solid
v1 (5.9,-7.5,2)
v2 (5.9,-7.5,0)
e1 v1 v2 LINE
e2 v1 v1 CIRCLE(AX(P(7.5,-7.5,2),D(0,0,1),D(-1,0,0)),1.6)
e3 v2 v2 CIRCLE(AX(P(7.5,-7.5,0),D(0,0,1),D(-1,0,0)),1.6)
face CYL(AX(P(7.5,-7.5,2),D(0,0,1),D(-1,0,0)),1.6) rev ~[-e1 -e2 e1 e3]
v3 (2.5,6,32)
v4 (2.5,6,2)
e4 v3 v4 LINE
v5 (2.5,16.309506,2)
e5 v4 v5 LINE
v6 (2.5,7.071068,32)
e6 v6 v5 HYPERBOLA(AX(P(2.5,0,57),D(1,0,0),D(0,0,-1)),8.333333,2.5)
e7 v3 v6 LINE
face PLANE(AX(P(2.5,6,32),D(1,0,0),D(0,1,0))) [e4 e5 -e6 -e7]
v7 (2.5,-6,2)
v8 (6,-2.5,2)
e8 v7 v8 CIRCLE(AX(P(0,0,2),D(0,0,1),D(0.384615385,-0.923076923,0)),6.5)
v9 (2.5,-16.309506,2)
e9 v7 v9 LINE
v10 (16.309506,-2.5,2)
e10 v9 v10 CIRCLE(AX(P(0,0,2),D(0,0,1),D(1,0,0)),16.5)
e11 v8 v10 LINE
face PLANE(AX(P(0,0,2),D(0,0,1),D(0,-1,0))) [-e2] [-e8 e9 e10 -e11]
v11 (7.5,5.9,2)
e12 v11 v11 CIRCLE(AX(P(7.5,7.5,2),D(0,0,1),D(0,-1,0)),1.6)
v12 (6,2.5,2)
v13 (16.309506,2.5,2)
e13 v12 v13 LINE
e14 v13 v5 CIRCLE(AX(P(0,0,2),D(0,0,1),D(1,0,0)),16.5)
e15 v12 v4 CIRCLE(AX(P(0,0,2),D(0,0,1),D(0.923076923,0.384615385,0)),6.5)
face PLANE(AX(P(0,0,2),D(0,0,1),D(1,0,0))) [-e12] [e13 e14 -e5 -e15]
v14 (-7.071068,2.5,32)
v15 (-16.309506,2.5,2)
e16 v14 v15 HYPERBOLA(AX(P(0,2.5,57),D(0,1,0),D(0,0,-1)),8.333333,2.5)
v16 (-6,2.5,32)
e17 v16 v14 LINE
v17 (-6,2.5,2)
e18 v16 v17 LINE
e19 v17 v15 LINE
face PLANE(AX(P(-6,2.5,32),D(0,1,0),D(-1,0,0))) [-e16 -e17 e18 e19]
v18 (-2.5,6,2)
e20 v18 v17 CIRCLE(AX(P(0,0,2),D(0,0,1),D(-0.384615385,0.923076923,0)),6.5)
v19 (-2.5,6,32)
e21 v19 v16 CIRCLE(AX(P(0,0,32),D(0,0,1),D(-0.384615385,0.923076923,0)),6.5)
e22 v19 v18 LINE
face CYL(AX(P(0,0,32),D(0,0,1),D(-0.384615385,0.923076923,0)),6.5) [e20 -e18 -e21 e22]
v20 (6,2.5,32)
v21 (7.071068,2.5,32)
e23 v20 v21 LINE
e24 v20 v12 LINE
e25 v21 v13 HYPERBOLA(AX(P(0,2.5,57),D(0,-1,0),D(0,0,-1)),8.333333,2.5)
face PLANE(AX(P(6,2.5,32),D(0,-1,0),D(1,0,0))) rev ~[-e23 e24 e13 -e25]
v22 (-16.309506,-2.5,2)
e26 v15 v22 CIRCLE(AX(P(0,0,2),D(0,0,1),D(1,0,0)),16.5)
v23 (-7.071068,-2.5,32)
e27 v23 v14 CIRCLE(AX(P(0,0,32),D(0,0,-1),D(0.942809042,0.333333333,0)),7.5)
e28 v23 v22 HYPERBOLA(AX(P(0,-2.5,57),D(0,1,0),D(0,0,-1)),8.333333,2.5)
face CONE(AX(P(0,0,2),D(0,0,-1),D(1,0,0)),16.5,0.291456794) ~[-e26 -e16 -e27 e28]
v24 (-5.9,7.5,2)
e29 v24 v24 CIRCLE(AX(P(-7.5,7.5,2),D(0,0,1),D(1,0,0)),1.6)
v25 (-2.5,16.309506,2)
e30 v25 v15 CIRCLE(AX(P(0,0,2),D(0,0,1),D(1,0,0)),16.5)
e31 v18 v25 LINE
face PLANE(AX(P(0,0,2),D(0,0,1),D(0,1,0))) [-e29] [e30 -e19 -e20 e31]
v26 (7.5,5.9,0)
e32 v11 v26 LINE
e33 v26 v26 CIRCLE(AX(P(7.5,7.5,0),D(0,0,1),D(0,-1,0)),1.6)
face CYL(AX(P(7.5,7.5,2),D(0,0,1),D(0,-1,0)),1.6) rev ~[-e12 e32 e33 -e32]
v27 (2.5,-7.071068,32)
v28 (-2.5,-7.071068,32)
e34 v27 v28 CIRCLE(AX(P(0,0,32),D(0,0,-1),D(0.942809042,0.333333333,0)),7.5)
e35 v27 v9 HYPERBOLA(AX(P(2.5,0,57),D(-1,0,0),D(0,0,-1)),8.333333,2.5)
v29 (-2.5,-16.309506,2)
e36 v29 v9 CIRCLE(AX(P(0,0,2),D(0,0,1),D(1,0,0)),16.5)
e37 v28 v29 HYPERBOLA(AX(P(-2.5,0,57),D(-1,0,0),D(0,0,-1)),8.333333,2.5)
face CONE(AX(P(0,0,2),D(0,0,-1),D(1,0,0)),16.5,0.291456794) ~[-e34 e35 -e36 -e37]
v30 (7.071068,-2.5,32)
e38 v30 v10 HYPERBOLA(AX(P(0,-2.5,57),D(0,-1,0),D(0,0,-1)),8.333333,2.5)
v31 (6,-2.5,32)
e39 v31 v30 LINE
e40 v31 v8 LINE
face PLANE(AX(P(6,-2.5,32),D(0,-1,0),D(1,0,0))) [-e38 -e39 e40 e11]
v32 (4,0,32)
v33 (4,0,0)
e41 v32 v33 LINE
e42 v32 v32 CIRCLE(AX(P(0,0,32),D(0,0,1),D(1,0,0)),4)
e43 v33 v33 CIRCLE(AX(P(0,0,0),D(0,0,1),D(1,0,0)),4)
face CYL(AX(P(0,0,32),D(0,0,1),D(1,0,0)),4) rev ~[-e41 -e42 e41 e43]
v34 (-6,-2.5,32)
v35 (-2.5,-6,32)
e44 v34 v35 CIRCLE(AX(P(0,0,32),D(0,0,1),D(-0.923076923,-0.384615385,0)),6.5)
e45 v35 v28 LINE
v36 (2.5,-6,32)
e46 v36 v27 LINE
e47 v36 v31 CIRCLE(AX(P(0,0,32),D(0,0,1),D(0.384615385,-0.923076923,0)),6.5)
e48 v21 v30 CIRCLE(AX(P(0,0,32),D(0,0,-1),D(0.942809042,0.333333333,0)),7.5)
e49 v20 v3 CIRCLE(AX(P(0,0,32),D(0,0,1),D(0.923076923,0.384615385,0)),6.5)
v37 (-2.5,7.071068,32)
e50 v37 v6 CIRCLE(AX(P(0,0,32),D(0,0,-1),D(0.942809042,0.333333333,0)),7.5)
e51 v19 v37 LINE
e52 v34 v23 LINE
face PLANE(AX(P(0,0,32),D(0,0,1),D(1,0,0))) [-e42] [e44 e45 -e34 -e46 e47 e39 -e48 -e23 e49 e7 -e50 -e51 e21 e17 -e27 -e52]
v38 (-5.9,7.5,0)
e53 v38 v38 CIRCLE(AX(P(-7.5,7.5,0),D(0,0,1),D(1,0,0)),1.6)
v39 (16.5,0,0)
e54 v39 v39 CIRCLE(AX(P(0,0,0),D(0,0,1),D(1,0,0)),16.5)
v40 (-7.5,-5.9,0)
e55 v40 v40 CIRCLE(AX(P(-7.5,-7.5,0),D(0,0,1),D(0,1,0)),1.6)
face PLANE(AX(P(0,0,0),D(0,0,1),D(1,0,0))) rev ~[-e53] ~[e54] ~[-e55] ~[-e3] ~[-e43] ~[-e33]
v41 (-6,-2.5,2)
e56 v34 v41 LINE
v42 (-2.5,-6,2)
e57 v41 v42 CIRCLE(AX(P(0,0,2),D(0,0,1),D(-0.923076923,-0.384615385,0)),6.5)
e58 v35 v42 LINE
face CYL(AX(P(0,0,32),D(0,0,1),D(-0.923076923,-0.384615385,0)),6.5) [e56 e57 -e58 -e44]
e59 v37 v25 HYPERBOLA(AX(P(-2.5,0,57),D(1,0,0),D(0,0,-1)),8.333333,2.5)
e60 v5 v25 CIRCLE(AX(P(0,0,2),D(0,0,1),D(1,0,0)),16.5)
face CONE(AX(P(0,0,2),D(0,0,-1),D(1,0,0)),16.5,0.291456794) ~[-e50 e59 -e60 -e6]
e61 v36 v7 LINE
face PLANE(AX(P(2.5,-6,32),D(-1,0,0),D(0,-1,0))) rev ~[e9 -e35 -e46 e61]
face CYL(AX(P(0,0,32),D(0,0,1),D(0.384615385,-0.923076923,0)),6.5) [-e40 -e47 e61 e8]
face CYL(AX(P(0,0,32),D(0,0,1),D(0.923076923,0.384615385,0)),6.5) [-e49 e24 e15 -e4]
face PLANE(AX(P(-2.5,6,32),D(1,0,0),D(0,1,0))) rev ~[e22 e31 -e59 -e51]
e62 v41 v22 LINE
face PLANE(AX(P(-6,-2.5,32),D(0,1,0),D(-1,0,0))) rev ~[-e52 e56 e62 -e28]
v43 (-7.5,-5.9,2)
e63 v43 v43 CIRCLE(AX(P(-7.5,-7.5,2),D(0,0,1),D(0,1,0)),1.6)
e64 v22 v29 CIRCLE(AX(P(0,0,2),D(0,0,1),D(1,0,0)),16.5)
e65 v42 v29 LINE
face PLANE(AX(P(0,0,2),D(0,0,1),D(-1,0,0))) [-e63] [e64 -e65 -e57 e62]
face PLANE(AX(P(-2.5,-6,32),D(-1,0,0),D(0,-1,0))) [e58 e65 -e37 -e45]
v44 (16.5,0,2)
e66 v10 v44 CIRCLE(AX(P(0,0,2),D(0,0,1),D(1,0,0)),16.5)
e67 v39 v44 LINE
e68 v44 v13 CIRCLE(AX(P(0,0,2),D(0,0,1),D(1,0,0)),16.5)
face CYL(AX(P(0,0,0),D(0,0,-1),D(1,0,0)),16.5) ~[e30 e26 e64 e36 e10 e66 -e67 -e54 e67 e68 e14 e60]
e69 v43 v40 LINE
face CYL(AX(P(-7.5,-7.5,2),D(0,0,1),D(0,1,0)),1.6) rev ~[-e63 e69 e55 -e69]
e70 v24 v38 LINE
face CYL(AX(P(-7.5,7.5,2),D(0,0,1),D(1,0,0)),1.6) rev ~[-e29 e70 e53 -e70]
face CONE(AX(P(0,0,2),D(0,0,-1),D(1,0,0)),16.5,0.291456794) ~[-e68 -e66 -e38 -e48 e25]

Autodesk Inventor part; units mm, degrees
ref_plane "YZ Plane" through (0, 0, 0) normal (1, 0, 0) x (0, 1, 0)
ref_plane "XZ Plane" through (0, 0, 0) normal (0, 1, 0) x (-1, 0, 0)
ref_plane "XY Plane" through (0, 0, 0) normal (0, 0, 1) x (1, 0, 0)
sketch "Esquisse1" plane through (0, 0, 0) normal (0, 0, 1) x (1, 0, 0)
  circle A0 centre (0, 0) radius 16.5
  dimension "d0" = 33
extrude "Extrusion1" add sketch "Esquisse1" along normal blind 32
sketch "Esquisse2" plane through (0, 0, 32) normal (0, 0, 1) x (1, 0, 0)
  circle A0 centre (0, 0) radius 4
  dimension "d3" = 8
extrude "Extrusion2" cut sketch "Esquisse2" against normal through all
chamfer "Chanfrein1" distance 9 distance2 30 1 edges at (-16.5, 0, 32) measured on face at (12.1348, -1.6353, 32)
sketch "Esquisse3" plane through (0, 0, 32) normal (0, 0, 1) x (1, 0, 0)
  line L0 (2.5, 6) -> (2.5, 16.5)
  line L1 (6, 2.5) -> (16.5, 2.5)
  arc A0 (6, 2.5) -> (2.5, 6) centre (0, 0) ccw
  arc A1 (16.5, 2.5) -> (2.5, 16.5) centre (0, 0) ccw
  dimension "d9" = 2.5
  dimension "d10" = 2.5
  dimension "d11" = 6
  dimension "d12" = 16.5
extrude "Extrusion3" cut sketch "Esquisse3" against normal blind 30
pattern_circular "Réseau circulaire1" count 4 over 360 about axis through (0, 0, 32) along (0, 0, -1) of "Extrusion3"
sketch "Esquisse4" plane through (-16.3095, 2.5, 2) normal (0, 0, 1) x (1, 0, 0)
  circle A0 centre (8.8095, 5) radius 1.6
  point P0 (16.3095, -2.5)
  dimension "d18" = 3.2
  dimension "d19" = 7.5
  dimension "d20" = 7.5
extrude "Extrusion4" cut sketch "Esquisse4" against normal through all
pattern_circular "Réseau circulaire2" count 4 over 360 about axis through (0, 0, 32) along (0, 0, -1) of "Extrusion4"
equation "\"d10\" = d9"
equation "\"d20\" = d19"
properties part number "PieddeMat" material "Plastique ABS"
